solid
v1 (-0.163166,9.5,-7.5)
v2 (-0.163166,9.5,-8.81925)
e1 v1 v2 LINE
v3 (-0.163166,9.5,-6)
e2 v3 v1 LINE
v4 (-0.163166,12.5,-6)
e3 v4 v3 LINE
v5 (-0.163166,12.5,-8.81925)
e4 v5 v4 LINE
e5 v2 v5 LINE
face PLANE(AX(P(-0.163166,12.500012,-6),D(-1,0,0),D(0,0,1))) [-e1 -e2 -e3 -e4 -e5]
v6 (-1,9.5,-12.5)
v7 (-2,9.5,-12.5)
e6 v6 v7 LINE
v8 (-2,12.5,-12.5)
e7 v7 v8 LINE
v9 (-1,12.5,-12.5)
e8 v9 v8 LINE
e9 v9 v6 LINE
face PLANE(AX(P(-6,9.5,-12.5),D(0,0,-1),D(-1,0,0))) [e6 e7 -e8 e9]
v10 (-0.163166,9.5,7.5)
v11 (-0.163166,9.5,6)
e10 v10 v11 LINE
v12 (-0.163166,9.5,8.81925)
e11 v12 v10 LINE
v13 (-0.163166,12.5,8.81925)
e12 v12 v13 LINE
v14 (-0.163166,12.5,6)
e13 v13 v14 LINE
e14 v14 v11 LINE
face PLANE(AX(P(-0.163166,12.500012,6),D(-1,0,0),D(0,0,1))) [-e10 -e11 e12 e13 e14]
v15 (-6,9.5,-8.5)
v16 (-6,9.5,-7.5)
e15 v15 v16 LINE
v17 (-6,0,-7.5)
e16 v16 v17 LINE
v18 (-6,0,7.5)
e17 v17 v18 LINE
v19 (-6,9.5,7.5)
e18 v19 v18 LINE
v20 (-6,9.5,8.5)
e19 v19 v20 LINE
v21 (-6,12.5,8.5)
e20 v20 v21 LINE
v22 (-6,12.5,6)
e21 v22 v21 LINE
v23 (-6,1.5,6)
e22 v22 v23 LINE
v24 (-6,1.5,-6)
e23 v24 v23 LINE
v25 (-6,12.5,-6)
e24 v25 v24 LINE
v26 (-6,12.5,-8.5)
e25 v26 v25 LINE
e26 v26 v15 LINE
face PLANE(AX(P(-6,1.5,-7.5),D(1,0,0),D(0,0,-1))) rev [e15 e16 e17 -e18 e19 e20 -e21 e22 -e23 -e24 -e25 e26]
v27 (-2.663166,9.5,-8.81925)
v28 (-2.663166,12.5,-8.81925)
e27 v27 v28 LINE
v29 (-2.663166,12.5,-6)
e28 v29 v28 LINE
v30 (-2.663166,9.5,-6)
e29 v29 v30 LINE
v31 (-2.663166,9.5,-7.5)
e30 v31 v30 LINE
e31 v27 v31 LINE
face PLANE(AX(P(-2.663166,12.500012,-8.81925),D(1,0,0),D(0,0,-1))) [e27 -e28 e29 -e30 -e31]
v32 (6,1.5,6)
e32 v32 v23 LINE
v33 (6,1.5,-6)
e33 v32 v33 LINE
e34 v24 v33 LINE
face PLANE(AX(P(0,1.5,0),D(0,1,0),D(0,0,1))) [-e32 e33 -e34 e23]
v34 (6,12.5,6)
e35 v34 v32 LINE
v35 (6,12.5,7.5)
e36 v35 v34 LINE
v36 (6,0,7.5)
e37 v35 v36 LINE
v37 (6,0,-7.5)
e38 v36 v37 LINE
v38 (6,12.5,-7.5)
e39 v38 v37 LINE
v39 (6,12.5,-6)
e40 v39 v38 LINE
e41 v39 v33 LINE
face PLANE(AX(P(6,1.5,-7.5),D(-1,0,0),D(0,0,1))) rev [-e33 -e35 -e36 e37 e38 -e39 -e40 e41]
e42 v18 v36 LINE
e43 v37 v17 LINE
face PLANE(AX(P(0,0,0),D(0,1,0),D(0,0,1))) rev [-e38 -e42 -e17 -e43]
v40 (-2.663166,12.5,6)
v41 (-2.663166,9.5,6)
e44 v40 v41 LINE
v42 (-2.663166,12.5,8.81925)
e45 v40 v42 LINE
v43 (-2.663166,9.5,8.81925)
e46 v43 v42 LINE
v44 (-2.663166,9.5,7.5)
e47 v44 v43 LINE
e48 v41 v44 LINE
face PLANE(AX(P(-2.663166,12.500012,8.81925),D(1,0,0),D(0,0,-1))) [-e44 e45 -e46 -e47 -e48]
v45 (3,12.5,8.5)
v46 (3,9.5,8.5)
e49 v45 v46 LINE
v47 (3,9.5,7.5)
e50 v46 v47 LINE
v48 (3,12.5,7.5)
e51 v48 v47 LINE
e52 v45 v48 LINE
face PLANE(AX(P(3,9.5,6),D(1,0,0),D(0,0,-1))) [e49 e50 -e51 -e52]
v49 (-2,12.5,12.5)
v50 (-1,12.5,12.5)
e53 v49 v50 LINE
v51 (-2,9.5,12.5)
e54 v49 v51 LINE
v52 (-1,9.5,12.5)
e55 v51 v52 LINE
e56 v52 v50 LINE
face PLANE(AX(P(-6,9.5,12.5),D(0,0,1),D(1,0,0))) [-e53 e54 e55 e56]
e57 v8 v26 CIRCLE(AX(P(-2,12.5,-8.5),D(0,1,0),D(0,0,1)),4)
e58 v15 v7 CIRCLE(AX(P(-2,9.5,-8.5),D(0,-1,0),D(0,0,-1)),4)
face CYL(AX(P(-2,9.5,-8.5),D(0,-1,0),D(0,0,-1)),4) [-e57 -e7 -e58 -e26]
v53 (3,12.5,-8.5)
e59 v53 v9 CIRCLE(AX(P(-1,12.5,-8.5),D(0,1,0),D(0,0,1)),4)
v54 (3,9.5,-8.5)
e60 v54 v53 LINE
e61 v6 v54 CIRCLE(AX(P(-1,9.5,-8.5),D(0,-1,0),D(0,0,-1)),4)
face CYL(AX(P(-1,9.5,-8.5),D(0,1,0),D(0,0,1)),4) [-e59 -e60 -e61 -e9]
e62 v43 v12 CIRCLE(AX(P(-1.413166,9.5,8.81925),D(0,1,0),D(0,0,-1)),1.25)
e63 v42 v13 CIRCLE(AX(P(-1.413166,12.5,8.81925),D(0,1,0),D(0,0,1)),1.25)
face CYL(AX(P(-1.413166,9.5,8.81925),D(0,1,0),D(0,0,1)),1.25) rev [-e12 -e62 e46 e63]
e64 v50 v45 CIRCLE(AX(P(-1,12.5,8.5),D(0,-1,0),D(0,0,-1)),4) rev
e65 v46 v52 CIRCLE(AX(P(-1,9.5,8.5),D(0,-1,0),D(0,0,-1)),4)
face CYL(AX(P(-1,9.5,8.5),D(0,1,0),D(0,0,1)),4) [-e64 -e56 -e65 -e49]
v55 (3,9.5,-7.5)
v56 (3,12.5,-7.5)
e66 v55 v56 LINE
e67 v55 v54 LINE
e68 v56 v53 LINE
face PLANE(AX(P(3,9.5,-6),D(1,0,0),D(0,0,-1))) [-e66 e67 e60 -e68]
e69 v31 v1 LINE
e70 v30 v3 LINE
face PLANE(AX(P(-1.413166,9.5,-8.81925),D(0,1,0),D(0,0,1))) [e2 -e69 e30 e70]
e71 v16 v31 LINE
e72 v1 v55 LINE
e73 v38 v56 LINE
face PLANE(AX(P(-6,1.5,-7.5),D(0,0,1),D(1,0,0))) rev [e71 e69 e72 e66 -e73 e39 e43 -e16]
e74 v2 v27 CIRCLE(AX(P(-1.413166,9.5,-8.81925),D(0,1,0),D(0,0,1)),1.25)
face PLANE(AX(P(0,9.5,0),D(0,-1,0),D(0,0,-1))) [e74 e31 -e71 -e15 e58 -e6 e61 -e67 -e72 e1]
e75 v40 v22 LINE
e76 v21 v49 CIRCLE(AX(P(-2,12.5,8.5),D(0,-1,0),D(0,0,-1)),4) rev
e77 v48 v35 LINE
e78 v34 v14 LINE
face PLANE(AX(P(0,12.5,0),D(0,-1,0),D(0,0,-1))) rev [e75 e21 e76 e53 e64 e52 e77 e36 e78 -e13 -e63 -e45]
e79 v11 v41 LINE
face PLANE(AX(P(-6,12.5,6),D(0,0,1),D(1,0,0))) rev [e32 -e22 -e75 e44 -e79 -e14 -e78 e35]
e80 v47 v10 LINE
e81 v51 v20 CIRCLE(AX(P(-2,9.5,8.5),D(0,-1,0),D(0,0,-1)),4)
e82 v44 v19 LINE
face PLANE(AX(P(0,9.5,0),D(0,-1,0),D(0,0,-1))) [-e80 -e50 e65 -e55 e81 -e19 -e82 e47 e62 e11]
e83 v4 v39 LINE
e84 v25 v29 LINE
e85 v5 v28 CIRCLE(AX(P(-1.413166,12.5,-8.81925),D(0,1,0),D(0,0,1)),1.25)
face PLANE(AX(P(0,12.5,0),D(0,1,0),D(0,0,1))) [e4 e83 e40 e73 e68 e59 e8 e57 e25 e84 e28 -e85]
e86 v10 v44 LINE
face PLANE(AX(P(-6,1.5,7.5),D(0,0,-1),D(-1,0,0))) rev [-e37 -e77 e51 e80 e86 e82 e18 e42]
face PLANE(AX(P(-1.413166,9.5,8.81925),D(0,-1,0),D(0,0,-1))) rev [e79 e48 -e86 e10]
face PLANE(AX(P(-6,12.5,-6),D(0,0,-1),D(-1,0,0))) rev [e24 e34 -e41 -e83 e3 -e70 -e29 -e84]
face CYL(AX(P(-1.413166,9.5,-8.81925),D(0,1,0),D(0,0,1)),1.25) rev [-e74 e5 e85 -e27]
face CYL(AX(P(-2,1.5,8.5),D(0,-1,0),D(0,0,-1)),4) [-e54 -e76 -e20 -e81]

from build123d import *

# Parameters (mm, degrees)
SKETCH_1_W               = 12
SKETCH_1_H               = 15
EXTRUDE_1_DEPTH          = 1.5
SKETCH_2_W               = 12
SKETCH_2_H               = 1.5
EXTRUDE_2_DEPTH          = 11
SKETCH_3_W               = 9
SKETCH_3_H               = 6.5
EXTRUDE_3_DEPTH          = 3
FILLET_1_R               = 4
CUT_EXTRUDE_1_DEPTH      = 19.668154703
CUT_EXTRUDE_1_DEPTH_BACK = 3
FILLET_2_R               = 4


with BuildPart() as part:
    # 草图1 → 凸台-拉伸1 (new body)
    with BuildSketch(Plane(origin=(0, 0, 0), x_dir=(1, 0, 0), z_dir=(0, 1, 0))):
        Rectangle(SKETCH_1_W, SKETCH_1_H)
    extrude(amount=EXTRUDE_1_DEPTH)

    # 草图2 → 凸台-拉伸2 (add)
    with BuildSketch(Plane(origin=(0, 1.5, 0), x_dir=(1, 0, 0), z_dir=(0, 1, 0))):
        with Locations((0, 6.75)):
            Rectangle(SKETCH_2_W, SKETCH_2_H)
        with Locations((0, -6.75)):
            Rectangle(SKETCH_2_W, SKETCH_2_H)
    extrude(amount=EXTRUDE_2_DEPTH)

    # 草图3 → 凸台-拉伸3 (add)
    with BuildSketch(Plane(origin=(0, 12.5, 0), x_dir=(1, 0, 0), z_dir=(0, 1, 0))):
        with Locations((-1.5, 9.25)):
            Rectangle(SKETCH_3_W, SKETCH_3_H)
        with Locations((-1.5, -9.25)):
            Rectangle(SKETCH_3_W, SKETCH_3_H)
    extrude(amount=-EXTRUDE_3_DEPTH)

    # 圆角1
    fillet_1_edges = [part.edges().sort_by_distance(p)[0] for p in [
        (3, 11, -12.5),
        (-6, 11, -12.5),
    ]]
    fillet(fillet_1_edges, radius=FILLET_1_R)

    # 草图4 → 切除-拉伸1 (cut, two sides: drawn at the far end of the back side and taken through both)
    with BuildSketch(Plane(origin=(0, 12.5, 0), x_dir=(1, 0, 0), z_dir=(0, 1, 0)).offset(-CUT_EXTRUDE_1_DEPTH_BACK)):
        with BuildLine():
            Line((-2.66316567, 8.819250258), (-2.66316567, 6))
            Line((-2.66316567, 6), (-0.16316567, 6))
            Line((-0.16316567, 6), (-0.16316567, 8.819250258))
            ThreePointArc((-0.16316567, 8.819250258), (-1.41316567, 10.069250258), (-2.66316567, 8.819250258))
        make_face()
        with BuildLine():
            Line((-0.16316567, -6), (-0.16316567, -8.819250258))
            ThreePointArc((-0.16316567, -8.819250258), (-1.41316567, -10.069250258), (-2.66316567, -8.819250258))
            Line((-2.66316567, -8.819250258), (-2.66316567, -6))
            Line((-2.66316567, -6), (-0.16316567, -6))
        make_face()
    extrude(amount=CUT_EXTRUDE_1_DEPTH + CUT_EXTRUDE_1_DEPTH_BACK, mode=Mode.SUBTRACT)

    # 圆角2
    fillet_2_edges = [part.edges().sort_by_distance(p)[0] for p in [
        (-6, 11, 12.5),
        (3, 11, 12.5),
    ]]
    fillet(fillet_2_edges, radius=FILLET_2_R)


solid = part.part
